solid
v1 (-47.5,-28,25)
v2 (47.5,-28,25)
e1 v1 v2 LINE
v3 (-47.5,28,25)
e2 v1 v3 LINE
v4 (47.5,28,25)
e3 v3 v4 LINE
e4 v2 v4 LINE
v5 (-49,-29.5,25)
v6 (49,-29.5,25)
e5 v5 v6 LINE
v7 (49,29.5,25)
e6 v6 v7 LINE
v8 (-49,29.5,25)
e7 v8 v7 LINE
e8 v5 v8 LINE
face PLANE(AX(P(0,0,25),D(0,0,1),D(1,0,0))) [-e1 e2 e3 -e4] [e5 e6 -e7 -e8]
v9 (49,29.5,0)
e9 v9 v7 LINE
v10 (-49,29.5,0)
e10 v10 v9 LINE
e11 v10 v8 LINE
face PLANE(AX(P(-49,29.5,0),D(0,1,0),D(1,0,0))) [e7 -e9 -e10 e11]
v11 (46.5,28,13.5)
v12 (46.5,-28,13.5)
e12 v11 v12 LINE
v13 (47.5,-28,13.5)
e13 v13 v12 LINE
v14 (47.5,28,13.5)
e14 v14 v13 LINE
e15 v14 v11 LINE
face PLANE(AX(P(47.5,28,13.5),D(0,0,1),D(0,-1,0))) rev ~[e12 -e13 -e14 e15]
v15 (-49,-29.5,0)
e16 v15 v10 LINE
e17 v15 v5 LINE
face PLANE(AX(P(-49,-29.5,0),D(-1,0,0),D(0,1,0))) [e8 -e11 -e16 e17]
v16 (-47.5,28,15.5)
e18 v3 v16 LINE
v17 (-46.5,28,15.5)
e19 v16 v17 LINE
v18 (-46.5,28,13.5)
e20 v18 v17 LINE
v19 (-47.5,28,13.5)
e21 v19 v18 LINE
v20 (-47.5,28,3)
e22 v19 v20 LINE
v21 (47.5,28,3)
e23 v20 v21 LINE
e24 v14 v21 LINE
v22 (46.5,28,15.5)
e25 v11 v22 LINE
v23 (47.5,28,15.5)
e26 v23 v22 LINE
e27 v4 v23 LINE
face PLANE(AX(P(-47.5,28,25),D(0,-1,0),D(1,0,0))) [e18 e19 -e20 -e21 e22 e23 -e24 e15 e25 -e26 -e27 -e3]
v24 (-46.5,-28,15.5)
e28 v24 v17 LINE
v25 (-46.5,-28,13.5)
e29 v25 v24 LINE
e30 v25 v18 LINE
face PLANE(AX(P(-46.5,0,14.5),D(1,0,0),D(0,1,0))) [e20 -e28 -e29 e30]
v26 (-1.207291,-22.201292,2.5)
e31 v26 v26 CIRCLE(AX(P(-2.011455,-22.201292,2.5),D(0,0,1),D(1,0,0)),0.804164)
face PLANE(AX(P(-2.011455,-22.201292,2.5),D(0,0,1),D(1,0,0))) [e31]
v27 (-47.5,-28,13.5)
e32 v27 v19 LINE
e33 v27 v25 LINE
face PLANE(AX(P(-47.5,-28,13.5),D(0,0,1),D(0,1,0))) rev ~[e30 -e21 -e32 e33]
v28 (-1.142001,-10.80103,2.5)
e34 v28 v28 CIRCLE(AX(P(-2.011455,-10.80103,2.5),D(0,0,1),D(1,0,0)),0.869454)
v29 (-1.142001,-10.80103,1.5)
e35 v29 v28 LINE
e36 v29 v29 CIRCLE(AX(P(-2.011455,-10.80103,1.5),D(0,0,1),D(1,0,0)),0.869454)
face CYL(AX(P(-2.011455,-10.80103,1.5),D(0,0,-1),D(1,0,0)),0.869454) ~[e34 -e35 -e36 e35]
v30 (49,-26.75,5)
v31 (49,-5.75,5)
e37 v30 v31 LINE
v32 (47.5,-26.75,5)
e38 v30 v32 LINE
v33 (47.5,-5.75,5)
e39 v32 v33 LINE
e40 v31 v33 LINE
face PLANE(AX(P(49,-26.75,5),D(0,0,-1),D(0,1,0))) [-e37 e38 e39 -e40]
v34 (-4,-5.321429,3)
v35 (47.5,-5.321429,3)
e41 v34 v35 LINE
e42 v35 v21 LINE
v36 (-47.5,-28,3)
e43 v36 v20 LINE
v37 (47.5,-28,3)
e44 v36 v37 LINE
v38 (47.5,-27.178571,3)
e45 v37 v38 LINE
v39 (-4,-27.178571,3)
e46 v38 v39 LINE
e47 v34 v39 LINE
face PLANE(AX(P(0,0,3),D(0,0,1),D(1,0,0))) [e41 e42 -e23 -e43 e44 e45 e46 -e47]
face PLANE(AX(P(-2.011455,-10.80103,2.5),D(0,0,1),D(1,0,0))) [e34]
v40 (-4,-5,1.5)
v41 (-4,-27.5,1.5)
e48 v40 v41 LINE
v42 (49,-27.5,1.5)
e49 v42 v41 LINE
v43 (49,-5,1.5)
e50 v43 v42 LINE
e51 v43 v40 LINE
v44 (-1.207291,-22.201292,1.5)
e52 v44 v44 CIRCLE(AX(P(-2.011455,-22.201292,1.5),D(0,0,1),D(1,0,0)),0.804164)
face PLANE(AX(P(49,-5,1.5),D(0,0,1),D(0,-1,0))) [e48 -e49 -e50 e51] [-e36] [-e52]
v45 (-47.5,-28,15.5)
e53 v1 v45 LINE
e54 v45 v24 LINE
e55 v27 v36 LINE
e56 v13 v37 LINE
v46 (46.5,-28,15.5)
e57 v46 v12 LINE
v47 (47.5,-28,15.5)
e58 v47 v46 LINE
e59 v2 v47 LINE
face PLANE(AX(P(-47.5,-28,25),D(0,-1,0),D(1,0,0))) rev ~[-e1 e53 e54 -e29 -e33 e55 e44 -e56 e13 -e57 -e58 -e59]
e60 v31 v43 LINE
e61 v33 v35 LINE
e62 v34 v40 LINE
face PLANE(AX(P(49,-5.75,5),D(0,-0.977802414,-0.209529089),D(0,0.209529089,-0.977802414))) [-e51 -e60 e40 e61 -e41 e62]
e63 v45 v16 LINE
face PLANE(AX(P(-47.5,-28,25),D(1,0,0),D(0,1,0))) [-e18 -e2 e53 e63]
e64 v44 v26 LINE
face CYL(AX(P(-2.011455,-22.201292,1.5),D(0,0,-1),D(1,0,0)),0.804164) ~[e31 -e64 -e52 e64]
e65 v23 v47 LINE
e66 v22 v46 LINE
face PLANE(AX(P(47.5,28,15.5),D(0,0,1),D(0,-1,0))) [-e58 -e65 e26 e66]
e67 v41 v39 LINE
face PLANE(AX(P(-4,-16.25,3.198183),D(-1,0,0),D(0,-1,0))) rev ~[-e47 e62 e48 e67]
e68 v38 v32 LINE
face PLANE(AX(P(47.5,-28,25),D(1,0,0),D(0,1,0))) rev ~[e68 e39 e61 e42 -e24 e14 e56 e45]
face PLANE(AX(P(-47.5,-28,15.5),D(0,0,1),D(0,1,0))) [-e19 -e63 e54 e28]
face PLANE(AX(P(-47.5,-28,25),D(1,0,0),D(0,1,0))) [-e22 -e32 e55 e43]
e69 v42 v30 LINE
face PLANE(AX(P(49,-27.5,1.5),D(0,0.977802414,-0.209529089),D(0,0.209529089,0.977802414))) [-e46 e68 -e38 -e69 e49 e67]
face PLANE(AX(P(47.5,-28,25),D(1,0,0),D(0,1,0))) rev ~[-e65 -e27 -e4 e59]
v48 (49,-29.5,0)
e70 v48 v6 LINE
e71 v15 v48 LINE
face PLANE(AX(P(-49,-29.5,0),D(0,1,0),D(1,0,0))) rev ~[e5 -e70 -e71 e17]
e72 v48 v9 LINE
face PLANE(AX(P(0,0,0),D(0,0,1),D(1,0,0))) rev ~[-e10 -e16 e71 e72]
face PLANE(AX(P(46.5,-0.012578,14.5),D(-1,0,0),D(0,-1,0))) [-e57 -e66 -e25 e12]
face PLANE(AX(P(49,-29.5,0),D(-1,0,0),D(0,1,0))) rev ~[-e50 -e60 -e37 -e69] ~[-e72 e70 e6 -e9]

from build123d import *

# Parameters (mm, degrees)
SKETCH010_W     = 98
SKETCH010_H     = 59
PAD007_DEPTH    = 25
SKETCH011_W     = 95
SKETCH011_H     = 56
POCKET002_DEPTH = 22
SKETCH012_W     = 56
SKETCH012_H     = 2
PAD008_DEPTH    = 1
SKETCH013_W     = 56.025157
SKETCH013_H     = 2
PAD009_DEPTH    = 1
POCKET003_DEPTH = 53
SKETCH017_R     = 0.869454
SKETCH017_R_2   = 0.804164
PAD010_DEPTH    = 1


with BuildPart() as part:
    # Sketch010 → Pad007 (new body)
    with BuildSketch(Plane.XY):
        Rectangle(SKETCH010_W, SKETCH010_H)
    extrude(amount=PAD007_DEPTH)

    # Sketch011 (on Face6 of Pad007) → Pocket002 (cut)
    with BuildSketch(Plane.XY.offset(25)):
        Rectangle(SKETCH011_W, SKETCH011_H)
    extrude(amount=-POCKET002_DEPTH, mode=Mode.SUBTRACT)

    # Sketch012 (on Face9 of Pocket002) → Pad008 (join)
    with BuildSketch(Plane.YZ.offset(-47.5)):
        with Locations((0, 14.5)):
            Rectangle(SKETCH012_W, SKETCH012_H)
    extrude(amount=PAD008_DEPTH)

    # Sketch013 (on Face7 of Pad008) → Pad009 (join)
    with BuildSketch(Plane(origin=(47.5, 0, 0), x_dir=(0, -1, 0), z_dir=(-1, 0, 0))):
        with Locations((0.0125785, 14.5)):
            Rectangle(SKETCH013_W, SKETCH013_H)
    extrude(amount=PAD009_DEPTH)

    # Sketch015 (on Face1 of Pad009) → Pocket003 (cut)
    with BuildSketch(Plane.YZ.offset(49)):
        Polygon((-27.5, 1.5), (-26.75, 5), (-5.75, 5), (-5, 1.5), align=None)
    extrude(amount=-POCKET003_DEPTH, mode=Mode.SUBTRACT)

    # Sketch017 (on Face9 of Pocket003) → Pad010 (join)
    with BuildSketch(Plane.XY.offset(1.5)):
        with Locations((-2.011455, -10.80103)):
            Circle(SKETCH017_R)
        with Locations((-2.011455, -22.201292)):
            Circle(SKETCH017_R_2)
    extrude(amount=PAD010_DEPTH)


solid = part.part
